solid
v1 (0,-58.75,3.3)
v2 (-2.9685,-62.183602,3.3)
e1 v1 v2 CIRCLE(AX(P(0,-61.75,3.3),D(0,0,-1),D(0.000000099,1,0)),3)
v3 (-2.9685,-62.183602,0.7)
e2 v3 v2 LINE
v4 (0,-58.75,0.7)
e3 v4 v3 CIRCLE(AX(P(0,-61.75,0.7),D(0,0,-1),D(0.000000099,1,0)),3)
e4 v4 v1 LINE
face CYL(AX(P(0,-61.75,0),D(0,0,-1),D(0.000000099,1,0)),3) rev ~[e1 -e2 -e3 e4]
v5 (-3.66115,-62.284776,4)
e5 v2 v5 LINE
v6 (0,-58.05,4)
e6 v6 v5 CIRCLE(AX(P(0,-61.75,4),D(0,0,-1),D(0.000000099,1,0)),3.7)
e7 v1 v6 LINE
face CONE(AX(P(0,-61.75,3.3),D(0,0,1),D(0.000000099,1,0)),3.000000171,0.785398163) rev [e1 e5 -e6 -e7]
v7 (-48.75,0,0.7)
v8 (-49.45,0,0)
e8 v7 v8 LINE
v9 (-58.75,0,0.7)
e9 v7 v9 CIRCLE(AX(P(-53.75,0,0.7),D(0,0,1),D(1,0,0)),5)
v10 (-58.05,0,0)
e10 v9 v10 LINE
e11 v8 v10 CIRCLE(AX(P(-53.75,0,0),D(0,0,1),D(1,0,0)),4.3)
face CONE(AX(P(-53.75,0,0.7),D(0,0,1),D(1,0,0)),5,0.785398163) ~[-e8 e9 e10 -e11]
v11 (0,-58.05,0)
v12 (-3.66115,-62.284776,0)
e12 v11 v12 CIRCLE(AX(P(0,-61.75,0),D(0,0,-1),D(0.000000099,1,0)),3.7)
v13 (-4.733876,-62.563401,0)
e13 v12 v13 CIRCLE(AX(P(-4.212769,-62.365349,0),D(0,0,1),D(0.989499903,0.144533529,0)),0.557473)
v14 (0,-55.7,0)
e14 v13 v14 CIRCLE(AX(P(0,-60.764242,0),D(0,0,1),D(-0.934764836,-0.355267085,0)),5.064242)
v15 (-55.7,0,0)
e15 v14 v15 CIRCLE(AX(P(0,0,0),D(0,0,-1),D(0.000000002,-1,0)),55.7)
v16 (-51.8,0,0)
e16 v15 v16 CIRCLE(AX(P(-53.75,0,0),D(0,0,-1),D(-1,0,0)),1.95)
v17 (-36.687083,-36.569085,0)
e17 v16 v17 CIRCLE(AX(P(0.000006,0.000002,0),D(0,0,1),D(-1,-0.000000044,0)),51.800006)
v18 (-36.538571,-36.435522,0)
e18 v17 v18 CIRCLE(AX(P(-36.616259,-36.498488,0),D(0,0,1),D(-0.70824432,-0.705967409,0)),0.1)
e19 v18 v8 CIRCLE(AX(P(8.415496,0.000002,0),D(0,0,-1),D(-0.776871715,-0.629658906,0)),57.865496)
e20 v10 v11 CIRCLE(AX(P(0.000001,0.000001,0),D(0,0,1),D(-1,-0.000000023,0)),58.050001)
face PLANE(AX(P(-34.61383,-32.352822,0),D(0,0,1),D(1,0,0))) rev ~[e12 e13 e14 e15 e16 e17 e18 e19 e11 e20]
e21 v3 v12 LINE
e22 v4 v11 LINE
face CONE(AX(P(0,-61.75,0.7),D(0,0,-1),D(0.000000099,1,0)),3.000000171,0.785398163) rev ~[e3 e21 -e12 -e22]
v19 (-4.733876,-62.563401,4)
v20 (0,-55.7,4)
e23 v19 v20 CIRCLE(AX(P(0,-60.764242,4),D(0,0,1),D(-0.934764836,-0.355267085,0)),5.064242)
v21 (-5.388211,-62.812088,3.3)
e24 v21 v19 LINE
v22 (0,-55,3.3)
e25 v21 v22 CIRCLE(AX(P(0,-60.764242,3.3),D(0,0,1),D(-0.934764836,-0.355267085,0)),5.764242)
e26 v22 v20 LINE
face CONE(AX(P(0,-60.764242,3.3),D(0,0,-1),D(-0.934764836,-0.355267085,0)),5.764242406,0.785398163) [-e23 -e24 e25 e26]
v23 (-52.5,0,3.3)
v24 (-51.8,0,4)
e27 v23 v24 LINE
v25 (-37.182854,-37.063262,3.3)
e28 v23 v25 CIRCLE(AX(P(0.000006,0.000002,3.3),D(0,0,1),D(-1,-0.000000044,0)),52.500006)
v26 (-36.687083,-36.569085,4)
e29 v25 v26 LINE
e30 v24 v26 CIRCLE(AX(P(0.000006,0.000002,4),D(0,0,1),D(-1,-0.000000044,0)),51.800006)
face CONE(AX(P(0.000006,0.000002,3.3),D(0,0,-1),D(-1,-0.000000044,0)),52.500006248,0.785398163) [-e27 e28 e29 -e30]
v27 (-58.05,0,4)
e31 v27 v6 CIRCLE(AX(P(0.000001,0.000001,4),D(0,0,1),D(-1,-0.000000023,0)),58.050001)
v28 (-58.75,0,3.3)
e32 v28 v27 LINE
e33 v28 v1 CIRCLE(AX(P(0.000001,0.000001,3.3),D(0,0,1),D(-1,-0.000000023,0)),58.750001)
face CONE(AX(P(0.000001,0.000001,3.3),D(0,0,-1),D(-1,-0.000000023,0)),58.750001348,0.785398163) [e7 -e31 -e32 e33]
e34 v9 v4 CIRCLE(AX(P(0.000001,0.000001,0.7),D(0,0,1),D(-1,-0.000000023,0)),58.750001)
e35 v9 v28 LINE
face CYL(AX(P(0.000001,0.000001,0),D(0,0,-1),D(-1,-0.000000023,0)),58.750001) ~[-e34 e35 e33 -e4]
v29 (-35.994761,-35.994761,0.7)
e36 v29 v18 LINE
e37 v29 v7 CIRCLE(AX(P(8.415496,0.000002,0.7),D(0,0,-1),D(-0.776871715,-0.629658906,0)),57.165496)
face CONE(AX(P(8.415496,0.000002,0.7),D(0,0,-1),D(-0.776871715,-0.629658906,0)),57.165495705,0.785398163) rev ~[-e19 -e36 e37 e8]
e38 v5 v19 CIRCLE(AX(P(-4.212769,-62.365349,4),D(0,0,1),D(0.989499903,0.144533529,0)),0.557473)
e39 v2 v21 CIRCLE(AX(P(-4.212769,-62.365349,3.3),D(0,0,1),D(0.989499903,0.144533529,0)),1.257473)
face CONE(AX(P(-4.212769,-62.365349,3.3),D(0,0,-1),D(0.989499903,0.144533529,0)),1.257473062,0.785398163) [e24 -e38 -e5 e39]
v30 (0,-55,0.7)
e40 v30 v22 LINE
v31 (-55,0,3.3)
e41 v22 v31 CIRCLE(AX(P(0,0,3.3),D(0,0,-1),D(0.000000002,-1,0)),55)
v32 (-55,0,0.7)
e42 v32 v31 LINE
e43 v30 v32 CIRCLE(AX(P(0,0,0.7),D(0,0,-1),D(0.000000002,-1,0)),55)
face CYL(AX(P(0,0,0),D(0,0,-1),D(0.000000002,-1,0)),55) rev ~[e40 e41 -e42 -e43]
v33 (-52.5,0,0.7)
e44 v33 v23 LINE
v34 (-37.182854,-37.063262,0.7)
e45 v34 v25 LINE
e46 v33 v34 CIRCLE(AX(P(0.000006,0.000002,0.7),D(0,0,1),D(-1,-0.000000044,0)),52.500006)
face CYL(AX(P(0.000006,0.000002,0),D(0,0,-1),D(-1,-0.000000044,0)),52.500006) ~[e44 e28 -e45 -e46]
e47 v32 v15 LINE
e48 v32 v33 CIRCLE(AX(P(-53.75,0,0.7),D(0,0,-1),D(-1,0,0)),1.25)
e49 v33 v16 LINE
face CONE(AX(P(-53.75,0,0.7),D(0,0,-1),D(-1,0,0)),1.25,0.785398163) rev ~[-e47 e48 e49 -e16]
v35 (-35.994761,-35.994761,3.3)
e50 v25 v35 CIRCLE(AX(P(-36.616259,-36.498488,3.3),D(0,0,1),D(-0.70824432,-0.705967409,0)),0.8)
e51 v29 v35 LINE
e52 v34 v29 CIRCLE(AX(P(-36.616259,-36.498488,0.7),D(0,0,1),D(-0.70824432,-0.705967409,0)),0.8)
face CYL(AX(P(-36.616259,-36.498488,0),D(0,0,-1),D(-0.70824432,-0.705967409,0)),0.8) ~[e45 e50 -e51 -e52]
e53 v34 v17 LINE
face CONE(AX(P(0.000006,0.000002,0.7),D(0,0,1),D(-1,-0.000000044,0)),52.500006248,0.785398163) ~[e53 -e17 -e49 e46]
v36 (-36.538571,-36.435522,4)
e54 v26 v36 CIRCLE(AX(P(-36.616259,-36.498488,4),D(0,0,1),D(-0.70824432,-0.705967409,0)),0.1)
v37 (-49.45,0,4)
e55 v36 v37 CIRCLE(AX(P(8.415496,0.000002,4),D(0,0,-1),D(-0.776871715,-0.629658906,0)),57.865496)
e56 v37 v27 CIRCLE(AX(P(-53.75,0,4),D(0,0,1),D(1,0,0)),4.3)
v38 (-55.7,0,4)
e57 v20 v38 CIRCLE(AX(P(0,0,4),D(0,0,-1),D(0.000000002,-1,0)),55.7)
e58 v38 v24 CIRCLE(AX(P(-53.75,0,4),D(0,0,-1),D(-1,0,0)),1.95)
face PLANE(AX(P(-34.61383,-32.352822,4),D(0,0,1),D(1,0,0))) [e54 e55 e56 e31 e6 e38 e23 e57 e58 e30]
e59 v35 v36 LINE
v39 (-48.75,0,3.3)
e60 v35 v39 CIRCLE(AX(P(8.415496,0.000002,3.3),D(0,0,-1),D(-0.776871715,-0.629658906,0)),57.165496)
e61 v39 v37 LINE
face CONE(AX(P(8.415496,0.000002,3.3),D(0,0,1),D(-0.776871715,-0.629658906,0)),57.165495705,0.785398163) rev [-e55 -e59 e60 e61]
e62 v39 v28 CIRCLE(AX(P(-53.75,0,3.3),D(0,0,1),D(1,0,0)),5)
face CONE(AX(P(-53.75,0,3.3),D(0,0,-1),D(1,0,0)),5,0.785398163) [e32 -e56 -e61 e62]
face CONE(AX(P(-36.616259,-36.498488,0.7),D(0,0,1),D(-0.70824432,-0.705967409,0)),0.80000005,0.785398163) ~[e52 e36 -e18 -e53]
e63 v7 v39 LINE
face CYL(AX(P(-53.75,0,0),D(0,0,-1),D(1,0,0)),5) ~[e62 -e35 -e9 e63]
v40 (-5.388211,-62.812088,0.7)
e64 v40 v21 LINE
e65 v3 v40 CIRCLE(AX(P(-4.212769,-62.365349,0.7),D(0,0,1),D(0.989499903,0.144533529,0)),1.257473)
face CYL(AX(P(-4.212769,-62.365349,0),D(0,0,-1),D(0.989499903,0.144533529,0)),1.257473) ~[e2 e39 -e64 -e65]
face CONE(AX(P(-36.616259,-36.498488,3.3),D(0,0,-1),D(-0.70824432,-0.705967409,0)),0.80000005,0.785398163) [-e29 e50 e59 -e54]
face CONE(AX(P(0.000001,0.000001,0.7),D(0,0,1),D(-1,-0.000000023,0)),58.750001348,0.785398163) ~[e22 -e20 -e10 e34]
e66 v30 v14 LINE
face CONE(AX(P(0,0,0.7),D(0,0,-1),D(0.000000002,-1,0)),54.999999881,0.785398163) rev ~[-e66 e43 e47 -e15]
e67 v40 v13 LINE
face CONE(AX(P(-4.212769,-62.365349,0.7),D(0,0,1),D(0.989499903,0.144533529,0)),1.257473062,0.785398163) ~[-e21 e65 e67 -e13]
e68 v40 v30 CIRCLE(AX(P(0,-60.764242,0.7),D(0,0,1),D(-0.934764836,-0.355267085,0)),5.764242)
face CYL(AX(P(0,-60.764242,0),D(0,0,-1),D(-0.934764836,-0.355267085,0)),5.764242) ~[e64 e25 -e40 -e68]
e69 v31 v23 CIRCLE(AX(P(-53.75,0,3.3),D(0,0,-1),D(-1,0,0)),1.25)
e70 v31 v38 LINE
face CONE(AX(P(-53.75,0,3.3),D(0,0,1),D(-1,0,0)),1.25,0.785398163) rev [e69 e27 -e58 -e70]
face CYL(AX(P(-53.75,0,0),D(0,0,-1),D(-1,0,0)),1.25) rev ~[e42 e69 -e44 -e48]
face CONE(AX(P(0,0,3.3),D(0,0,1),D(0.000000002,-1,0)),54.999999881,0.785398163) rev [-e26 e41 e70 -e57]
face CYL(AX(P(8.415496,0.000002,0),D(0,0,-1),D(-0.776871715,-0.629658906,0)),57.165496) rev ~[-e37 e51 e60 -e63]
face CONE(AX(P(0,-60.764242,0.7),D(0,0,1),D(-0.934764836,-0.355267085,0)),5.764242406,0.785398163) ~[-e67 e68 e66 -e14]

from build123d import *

# Parameters (mm, degrees)
F1_DEPTH = 4
F2_SIZE  = 0.7


with BuildPart() as f1:
    # F0 (on Top) → F1 (new body)
    with BuildSketch(Plane.XY):
        with BuildLine():
            ThreePointArc((0, -55), (-38.890873, -38.890873), (-55, 0))
            ThreePointArc((-55, 0), (-53.75, 1.25), (-52.5, 0))
            ThreePointArc((-52.5, 0), (-48.51984, -20.05181), (-37.182854, -37.063262))
            ThreePointArc((-37.182854, -37.063262), (-36.081303, -37.093318), (-35.994761, -35.994761))
            ThreePointArc((-35.994761, -35.994761), (-45.466914, -19.093971), (-48.75, 0))
            ThreePointArc((-48.75, 0), (-53.75, 5), (-58.75, 0))
            ThreePointArc((-58.75, 0), (-41.542523, -41.542523), (0, -58.75))
            ThreePointArc((0, -58.75), (2.26945, -63.712039), (-2.9685, -62.183602))
            ThreePointArc((-2.9685, -62.183602), (-4.528891, -61.14826), (-5.388211, -62.812088))
            ThreePointArc((-5.388211, -62.812088), (4.745038, -64.037025), (0, -55))
        make_face()
    extrude(amount=F1_DEPTH)

    # F2
    f2_edges = [f1.edges().sort_by_distance(p)[0] for p in [
        (2.26945, -63.712039, 4),
        (2.26945, -63.712039, 0),
    ]]
    chamfer(f2_edges, length=F2_SIZE)


solid = f1.part
